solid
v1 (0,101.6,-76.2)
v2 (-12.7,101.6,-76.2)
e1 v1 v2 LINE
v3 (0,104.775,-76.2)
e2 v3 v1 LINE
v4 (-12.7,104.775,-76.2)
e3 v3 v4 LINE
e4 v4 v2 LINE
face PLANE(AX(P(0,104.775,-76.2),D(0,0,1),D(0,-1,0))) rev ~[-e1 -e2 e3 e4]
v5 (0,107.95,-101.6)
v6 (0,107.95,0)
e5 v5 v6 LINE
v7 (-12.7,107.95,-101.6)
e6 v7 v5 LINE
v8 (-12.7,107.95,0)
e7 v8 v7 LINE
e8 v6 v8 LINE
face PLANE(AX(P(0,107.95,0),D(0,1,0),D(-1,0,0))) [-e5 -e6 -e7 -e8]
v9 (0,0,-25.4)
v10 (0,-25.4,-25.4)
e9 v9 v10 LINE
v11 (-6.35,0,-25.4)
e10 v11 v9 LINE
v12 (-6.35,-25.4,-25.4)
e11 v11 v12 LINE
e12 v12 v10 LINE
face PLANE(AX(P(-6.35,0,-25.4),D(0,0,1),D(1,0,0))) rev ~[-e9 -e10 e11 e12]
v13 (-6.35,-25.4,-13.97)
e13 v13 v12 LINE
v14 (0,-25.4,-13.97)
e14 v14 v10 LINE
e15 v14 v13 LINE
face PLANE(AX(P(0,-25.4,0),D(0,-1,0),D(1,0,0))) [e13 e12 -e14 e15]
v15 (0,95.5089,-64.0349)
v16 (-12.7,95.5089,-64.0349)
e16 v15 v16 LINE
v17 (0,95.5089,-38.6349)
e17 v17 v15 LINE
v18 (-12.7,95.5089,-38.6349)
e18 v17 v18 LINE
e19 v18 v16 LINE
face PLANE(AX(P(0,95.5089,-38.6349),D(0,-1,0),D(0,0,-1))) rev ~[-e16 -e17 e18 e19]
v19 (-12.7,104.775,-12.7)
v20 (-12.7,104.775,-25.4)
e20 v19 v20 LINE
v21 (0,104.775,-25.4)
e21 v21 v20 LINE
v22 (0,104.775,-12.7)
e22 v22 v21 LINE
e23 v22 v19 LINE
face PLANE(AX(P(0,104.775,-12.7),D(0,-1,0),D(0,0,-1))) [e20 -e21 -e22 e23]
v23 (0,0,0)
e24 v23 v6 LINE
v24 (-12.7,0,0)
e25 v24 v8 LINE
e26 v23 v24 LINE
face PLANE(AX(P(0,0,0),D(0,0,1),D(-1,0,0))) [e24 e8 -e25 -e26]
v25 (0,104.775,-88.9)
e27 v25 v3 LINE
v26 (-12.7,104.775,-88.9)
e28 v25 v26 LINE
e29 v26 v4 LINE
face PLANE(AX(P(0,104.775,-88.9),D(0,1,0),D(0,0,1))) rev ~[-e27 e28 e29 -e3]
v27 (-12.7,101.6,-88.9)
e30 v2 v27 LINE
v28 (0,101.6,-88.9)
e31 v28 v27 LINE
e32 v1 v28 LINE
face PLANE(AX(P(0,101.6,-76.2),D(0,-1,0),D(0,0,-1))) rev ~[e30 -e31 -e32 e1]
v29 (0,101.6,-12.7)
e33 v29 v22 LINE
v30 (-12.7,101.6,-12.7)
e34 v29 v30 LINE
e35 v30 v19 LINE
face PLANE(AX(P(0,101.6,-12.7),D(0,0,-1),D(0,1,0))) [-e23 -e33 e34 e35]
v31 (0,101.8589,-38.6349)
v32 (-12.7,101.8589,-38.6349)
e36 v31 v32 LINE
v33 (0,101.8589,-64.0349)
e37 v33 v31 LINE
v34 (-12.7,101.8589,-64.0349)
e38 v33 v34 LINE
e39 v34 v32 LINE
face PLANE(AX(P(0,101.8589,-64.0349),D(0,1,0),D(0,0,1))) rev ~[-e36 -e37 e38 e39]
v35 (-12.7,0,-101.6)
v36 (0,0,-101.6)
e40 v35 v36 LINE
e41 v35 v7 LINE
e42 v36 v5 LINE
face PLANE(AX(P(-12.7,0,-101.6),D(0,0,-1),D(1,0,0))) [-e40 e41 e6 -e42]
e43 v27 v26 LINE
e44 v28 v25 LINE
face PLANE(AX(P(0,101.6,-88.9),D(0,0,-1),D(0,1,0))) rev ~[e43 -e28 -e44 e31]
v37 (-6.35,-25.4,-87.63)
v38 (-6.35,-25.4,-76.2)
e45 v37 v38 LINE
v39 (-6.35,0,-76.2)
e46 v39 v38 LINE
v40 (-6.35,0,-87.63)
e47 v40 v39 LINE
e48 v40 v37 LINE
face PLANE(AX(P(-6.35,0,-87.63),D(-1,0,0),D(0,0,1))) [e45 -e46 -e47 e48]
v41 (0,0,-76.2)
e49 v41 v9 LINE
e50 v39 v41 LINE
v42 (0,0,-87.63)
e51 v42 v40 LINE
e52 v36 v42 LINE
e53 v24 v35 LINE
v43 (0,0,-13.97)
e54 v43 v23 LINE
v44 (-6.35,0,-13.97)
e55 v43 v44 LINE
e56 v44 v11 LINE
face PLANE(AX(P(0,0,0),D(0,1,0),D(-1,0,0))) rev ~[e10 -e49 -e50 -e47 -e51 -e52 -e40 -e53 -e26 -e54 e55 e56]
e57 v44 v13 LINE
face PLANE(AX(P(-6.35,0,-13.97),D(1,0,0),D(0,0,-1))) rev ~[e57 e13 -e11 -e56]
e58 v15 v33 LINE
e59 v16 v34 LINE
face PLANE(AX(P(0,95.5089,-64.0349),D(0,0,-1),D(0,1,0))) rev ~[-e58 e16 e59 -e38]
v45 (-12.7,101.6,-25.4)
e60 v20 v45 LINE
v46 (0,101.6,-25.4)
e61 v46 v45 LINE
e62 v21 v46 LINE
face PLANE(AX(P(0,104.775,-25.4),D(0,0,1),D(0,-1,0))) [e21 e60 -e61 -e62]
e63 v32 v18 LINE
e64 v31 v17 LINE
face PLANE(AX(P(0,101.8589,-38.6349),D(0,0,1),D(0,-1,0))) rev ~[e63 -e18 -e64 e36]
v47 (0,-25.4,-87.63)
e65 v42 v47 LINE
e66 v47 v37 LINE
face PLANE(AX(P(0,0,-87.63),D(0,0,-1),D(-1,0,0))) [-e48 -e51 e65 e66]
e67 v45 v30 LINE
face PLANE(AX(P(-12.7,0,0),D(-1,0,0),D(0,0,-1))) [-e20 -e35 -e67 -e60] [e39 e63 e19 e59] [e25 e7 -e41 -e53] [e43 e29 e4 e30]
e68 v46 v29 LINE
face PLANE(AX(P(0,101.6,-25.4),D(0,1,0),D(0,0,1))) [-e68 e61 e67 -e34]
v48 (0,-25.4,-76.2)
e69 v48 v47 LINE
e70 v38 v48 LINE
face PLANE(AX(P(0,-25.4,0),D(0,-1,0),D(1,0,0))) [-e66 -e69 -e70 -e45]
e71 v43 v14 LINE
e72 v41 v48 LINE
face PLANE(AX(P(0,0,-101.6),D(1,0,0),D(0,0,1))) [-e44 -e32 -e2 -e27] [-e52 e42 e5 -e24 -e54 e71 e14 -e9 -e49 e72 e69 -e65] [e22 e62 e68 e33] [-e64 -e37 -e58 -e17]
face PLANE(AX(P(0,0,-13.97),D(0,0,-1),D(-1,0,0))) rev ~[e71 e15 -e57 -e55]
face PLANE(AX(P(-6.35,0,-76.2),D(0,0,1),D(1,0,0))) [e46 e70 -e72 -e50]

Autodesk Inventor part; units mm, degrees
ref_plane "YZ Plane" through (0, 0, 0) normal (1, 0, 0) x (0, 1, 0)
ref_plane "XZ Plane" through (0, 0, 0) normal (0, 1, 0) x (-1, 0, 0)
ref_plane "XY Plane" through (0, 0, 0) normal (0, 0, 1) x (1, 0, 0)
sketch "Sketch1" plane through (0, 0, 0) normal (0, 1, 0) x (-1, 0, 0)
  line L0 (0, 0) -> (12.7, 0)
  line L1 (12.7, 0) -> (12.7, -101.6)
  line L2 (12.7, -101.6) -> (0, -101.6)
  line L3 (0, -101.6) -> (0, 0)
  dimension "d1" = 12.7
  dimension "d2" = 101.6
extrude "Extrusion1" add sketch "Sketch1" along normal blind 107.95
sketch "Sketch2" plane through (0, 0, 0) normal (0, -1, 0) x (1, 0, 0)
  line L0 (0, 0) -> (0, -101.6) projected
  line L1 (0, -101.6) -> (0, -87.63)
  line L2 (0, 0) -> (0, -13.97)
  line L3 (0, -13.97) -> (-6.35, -13.97)
  line L4 (-6.35, -13.97) -> (-6.35, -25.4)
  line L5 (-6.35, -25.4) -> (0, -25.4)
  line L6 (0, -25.4) -> (0, -13.97)
  line L7 (0, -87.63) -> (-6.35, -87.63)
  line L8 (-6.35, -87.63) -> (-6.35, -76.2)
  line L9 (-6.35, -76.2) -> (0, -76.2)
  line L10 (0, -76.2) -> (0, -87.63)
  dimension "d6" = 13.97
  dimension "d9" = 13.97
  dimension "d10" = 6.35
  dimension "d11" = 11.43
  dimension "d12" = 6.35
  dimension "d13" = 11.43
extrude "Extrusion2" add sketch "Sketch2" along normal blind 25.4
sketch "Sketch3" plane through (0, 0, -101.6) normal (1, 0, 0) x (0, 0, -1)
  line L0 (-101.6, 0) -> (-101.6, 107.95) projected
  line L1 (-101.6, 107.95) -> (-76.2, 107.95)
  line L2 (0, 107.95) -> (-101.6, 107.95) projected
  line L3 (-76.2, 107.95) -> (-76.2, 101.6)
  line L4 (-76.2, 101.6) -> (-88.9, 101.6)
  line L5 (-88.9, 101.6) -> (-88.9, 104.775)
  line L6 (-88.9, 104.775) -> (-76.2, 104.775)
  line L7 (-76.2, 104.775) -> (-76.2, 101.6)
  line L8 (0, 107.95) -> (-25.4, 107.95)
  line L9 (-25.4, 107.95) -> (-25.4, 101.6)
  line L10 (-25.4, 101.6) -> (-12.7, 101.6)
  line L11 (-12.7, 101.6) -> (-12.7, 104.775)
  line L12 (-12.7, 104.775) -> (-25.4, 104.775)
  line L13 (-25.4, 104.775) -> (-25.4, 101.6)
  dimension "d17" = 25.4
  dimension "d18" = 6.35
  dimension "d19" = 12.7
  dimension "d20" = 3.175
  dimension "d21" = 25.4
  dimension "d22" = 6.35
  dimension "d23" = 12.7
  dimension "d24" = 3.175
extrude "Extrusion3" cut sketch "Sketch3" against normal blind 12.7
sketch "Sketch4" plane through (0, 0, -101.6) normal (1, 0, 0) x (0, 0, -1)
  line L0 (-75.6651, 101.8589) -> (-75.6651, 95.5089)
  line L1 (-75.6651, 95.5089) -> (-62.9651, 95.5089)
  line L2 (-62.9651, 95.5089) -> (-37.5651, 95.5089)
  line L3 (-37.5651, 95.5089) -> (-37.5651, 101.8589)
  line L4 (-37.5651, 101.8589) -> (-62.9651, 101.8589)
  line L5 (-62.9651, 101.8589) -> (-62.9651, 95.5089)
  point P0 (-101.6, 0)
  dimension "d29" = 6.35
  dimension "d30" = 12.7
  dimension "d31" = 25.4
  dimension "d32" = 6.35
extrude "Extrusion4" cut sketch "Sketch4" against normal blind 12.7
properties part number "back" material "LCP Plastic"
